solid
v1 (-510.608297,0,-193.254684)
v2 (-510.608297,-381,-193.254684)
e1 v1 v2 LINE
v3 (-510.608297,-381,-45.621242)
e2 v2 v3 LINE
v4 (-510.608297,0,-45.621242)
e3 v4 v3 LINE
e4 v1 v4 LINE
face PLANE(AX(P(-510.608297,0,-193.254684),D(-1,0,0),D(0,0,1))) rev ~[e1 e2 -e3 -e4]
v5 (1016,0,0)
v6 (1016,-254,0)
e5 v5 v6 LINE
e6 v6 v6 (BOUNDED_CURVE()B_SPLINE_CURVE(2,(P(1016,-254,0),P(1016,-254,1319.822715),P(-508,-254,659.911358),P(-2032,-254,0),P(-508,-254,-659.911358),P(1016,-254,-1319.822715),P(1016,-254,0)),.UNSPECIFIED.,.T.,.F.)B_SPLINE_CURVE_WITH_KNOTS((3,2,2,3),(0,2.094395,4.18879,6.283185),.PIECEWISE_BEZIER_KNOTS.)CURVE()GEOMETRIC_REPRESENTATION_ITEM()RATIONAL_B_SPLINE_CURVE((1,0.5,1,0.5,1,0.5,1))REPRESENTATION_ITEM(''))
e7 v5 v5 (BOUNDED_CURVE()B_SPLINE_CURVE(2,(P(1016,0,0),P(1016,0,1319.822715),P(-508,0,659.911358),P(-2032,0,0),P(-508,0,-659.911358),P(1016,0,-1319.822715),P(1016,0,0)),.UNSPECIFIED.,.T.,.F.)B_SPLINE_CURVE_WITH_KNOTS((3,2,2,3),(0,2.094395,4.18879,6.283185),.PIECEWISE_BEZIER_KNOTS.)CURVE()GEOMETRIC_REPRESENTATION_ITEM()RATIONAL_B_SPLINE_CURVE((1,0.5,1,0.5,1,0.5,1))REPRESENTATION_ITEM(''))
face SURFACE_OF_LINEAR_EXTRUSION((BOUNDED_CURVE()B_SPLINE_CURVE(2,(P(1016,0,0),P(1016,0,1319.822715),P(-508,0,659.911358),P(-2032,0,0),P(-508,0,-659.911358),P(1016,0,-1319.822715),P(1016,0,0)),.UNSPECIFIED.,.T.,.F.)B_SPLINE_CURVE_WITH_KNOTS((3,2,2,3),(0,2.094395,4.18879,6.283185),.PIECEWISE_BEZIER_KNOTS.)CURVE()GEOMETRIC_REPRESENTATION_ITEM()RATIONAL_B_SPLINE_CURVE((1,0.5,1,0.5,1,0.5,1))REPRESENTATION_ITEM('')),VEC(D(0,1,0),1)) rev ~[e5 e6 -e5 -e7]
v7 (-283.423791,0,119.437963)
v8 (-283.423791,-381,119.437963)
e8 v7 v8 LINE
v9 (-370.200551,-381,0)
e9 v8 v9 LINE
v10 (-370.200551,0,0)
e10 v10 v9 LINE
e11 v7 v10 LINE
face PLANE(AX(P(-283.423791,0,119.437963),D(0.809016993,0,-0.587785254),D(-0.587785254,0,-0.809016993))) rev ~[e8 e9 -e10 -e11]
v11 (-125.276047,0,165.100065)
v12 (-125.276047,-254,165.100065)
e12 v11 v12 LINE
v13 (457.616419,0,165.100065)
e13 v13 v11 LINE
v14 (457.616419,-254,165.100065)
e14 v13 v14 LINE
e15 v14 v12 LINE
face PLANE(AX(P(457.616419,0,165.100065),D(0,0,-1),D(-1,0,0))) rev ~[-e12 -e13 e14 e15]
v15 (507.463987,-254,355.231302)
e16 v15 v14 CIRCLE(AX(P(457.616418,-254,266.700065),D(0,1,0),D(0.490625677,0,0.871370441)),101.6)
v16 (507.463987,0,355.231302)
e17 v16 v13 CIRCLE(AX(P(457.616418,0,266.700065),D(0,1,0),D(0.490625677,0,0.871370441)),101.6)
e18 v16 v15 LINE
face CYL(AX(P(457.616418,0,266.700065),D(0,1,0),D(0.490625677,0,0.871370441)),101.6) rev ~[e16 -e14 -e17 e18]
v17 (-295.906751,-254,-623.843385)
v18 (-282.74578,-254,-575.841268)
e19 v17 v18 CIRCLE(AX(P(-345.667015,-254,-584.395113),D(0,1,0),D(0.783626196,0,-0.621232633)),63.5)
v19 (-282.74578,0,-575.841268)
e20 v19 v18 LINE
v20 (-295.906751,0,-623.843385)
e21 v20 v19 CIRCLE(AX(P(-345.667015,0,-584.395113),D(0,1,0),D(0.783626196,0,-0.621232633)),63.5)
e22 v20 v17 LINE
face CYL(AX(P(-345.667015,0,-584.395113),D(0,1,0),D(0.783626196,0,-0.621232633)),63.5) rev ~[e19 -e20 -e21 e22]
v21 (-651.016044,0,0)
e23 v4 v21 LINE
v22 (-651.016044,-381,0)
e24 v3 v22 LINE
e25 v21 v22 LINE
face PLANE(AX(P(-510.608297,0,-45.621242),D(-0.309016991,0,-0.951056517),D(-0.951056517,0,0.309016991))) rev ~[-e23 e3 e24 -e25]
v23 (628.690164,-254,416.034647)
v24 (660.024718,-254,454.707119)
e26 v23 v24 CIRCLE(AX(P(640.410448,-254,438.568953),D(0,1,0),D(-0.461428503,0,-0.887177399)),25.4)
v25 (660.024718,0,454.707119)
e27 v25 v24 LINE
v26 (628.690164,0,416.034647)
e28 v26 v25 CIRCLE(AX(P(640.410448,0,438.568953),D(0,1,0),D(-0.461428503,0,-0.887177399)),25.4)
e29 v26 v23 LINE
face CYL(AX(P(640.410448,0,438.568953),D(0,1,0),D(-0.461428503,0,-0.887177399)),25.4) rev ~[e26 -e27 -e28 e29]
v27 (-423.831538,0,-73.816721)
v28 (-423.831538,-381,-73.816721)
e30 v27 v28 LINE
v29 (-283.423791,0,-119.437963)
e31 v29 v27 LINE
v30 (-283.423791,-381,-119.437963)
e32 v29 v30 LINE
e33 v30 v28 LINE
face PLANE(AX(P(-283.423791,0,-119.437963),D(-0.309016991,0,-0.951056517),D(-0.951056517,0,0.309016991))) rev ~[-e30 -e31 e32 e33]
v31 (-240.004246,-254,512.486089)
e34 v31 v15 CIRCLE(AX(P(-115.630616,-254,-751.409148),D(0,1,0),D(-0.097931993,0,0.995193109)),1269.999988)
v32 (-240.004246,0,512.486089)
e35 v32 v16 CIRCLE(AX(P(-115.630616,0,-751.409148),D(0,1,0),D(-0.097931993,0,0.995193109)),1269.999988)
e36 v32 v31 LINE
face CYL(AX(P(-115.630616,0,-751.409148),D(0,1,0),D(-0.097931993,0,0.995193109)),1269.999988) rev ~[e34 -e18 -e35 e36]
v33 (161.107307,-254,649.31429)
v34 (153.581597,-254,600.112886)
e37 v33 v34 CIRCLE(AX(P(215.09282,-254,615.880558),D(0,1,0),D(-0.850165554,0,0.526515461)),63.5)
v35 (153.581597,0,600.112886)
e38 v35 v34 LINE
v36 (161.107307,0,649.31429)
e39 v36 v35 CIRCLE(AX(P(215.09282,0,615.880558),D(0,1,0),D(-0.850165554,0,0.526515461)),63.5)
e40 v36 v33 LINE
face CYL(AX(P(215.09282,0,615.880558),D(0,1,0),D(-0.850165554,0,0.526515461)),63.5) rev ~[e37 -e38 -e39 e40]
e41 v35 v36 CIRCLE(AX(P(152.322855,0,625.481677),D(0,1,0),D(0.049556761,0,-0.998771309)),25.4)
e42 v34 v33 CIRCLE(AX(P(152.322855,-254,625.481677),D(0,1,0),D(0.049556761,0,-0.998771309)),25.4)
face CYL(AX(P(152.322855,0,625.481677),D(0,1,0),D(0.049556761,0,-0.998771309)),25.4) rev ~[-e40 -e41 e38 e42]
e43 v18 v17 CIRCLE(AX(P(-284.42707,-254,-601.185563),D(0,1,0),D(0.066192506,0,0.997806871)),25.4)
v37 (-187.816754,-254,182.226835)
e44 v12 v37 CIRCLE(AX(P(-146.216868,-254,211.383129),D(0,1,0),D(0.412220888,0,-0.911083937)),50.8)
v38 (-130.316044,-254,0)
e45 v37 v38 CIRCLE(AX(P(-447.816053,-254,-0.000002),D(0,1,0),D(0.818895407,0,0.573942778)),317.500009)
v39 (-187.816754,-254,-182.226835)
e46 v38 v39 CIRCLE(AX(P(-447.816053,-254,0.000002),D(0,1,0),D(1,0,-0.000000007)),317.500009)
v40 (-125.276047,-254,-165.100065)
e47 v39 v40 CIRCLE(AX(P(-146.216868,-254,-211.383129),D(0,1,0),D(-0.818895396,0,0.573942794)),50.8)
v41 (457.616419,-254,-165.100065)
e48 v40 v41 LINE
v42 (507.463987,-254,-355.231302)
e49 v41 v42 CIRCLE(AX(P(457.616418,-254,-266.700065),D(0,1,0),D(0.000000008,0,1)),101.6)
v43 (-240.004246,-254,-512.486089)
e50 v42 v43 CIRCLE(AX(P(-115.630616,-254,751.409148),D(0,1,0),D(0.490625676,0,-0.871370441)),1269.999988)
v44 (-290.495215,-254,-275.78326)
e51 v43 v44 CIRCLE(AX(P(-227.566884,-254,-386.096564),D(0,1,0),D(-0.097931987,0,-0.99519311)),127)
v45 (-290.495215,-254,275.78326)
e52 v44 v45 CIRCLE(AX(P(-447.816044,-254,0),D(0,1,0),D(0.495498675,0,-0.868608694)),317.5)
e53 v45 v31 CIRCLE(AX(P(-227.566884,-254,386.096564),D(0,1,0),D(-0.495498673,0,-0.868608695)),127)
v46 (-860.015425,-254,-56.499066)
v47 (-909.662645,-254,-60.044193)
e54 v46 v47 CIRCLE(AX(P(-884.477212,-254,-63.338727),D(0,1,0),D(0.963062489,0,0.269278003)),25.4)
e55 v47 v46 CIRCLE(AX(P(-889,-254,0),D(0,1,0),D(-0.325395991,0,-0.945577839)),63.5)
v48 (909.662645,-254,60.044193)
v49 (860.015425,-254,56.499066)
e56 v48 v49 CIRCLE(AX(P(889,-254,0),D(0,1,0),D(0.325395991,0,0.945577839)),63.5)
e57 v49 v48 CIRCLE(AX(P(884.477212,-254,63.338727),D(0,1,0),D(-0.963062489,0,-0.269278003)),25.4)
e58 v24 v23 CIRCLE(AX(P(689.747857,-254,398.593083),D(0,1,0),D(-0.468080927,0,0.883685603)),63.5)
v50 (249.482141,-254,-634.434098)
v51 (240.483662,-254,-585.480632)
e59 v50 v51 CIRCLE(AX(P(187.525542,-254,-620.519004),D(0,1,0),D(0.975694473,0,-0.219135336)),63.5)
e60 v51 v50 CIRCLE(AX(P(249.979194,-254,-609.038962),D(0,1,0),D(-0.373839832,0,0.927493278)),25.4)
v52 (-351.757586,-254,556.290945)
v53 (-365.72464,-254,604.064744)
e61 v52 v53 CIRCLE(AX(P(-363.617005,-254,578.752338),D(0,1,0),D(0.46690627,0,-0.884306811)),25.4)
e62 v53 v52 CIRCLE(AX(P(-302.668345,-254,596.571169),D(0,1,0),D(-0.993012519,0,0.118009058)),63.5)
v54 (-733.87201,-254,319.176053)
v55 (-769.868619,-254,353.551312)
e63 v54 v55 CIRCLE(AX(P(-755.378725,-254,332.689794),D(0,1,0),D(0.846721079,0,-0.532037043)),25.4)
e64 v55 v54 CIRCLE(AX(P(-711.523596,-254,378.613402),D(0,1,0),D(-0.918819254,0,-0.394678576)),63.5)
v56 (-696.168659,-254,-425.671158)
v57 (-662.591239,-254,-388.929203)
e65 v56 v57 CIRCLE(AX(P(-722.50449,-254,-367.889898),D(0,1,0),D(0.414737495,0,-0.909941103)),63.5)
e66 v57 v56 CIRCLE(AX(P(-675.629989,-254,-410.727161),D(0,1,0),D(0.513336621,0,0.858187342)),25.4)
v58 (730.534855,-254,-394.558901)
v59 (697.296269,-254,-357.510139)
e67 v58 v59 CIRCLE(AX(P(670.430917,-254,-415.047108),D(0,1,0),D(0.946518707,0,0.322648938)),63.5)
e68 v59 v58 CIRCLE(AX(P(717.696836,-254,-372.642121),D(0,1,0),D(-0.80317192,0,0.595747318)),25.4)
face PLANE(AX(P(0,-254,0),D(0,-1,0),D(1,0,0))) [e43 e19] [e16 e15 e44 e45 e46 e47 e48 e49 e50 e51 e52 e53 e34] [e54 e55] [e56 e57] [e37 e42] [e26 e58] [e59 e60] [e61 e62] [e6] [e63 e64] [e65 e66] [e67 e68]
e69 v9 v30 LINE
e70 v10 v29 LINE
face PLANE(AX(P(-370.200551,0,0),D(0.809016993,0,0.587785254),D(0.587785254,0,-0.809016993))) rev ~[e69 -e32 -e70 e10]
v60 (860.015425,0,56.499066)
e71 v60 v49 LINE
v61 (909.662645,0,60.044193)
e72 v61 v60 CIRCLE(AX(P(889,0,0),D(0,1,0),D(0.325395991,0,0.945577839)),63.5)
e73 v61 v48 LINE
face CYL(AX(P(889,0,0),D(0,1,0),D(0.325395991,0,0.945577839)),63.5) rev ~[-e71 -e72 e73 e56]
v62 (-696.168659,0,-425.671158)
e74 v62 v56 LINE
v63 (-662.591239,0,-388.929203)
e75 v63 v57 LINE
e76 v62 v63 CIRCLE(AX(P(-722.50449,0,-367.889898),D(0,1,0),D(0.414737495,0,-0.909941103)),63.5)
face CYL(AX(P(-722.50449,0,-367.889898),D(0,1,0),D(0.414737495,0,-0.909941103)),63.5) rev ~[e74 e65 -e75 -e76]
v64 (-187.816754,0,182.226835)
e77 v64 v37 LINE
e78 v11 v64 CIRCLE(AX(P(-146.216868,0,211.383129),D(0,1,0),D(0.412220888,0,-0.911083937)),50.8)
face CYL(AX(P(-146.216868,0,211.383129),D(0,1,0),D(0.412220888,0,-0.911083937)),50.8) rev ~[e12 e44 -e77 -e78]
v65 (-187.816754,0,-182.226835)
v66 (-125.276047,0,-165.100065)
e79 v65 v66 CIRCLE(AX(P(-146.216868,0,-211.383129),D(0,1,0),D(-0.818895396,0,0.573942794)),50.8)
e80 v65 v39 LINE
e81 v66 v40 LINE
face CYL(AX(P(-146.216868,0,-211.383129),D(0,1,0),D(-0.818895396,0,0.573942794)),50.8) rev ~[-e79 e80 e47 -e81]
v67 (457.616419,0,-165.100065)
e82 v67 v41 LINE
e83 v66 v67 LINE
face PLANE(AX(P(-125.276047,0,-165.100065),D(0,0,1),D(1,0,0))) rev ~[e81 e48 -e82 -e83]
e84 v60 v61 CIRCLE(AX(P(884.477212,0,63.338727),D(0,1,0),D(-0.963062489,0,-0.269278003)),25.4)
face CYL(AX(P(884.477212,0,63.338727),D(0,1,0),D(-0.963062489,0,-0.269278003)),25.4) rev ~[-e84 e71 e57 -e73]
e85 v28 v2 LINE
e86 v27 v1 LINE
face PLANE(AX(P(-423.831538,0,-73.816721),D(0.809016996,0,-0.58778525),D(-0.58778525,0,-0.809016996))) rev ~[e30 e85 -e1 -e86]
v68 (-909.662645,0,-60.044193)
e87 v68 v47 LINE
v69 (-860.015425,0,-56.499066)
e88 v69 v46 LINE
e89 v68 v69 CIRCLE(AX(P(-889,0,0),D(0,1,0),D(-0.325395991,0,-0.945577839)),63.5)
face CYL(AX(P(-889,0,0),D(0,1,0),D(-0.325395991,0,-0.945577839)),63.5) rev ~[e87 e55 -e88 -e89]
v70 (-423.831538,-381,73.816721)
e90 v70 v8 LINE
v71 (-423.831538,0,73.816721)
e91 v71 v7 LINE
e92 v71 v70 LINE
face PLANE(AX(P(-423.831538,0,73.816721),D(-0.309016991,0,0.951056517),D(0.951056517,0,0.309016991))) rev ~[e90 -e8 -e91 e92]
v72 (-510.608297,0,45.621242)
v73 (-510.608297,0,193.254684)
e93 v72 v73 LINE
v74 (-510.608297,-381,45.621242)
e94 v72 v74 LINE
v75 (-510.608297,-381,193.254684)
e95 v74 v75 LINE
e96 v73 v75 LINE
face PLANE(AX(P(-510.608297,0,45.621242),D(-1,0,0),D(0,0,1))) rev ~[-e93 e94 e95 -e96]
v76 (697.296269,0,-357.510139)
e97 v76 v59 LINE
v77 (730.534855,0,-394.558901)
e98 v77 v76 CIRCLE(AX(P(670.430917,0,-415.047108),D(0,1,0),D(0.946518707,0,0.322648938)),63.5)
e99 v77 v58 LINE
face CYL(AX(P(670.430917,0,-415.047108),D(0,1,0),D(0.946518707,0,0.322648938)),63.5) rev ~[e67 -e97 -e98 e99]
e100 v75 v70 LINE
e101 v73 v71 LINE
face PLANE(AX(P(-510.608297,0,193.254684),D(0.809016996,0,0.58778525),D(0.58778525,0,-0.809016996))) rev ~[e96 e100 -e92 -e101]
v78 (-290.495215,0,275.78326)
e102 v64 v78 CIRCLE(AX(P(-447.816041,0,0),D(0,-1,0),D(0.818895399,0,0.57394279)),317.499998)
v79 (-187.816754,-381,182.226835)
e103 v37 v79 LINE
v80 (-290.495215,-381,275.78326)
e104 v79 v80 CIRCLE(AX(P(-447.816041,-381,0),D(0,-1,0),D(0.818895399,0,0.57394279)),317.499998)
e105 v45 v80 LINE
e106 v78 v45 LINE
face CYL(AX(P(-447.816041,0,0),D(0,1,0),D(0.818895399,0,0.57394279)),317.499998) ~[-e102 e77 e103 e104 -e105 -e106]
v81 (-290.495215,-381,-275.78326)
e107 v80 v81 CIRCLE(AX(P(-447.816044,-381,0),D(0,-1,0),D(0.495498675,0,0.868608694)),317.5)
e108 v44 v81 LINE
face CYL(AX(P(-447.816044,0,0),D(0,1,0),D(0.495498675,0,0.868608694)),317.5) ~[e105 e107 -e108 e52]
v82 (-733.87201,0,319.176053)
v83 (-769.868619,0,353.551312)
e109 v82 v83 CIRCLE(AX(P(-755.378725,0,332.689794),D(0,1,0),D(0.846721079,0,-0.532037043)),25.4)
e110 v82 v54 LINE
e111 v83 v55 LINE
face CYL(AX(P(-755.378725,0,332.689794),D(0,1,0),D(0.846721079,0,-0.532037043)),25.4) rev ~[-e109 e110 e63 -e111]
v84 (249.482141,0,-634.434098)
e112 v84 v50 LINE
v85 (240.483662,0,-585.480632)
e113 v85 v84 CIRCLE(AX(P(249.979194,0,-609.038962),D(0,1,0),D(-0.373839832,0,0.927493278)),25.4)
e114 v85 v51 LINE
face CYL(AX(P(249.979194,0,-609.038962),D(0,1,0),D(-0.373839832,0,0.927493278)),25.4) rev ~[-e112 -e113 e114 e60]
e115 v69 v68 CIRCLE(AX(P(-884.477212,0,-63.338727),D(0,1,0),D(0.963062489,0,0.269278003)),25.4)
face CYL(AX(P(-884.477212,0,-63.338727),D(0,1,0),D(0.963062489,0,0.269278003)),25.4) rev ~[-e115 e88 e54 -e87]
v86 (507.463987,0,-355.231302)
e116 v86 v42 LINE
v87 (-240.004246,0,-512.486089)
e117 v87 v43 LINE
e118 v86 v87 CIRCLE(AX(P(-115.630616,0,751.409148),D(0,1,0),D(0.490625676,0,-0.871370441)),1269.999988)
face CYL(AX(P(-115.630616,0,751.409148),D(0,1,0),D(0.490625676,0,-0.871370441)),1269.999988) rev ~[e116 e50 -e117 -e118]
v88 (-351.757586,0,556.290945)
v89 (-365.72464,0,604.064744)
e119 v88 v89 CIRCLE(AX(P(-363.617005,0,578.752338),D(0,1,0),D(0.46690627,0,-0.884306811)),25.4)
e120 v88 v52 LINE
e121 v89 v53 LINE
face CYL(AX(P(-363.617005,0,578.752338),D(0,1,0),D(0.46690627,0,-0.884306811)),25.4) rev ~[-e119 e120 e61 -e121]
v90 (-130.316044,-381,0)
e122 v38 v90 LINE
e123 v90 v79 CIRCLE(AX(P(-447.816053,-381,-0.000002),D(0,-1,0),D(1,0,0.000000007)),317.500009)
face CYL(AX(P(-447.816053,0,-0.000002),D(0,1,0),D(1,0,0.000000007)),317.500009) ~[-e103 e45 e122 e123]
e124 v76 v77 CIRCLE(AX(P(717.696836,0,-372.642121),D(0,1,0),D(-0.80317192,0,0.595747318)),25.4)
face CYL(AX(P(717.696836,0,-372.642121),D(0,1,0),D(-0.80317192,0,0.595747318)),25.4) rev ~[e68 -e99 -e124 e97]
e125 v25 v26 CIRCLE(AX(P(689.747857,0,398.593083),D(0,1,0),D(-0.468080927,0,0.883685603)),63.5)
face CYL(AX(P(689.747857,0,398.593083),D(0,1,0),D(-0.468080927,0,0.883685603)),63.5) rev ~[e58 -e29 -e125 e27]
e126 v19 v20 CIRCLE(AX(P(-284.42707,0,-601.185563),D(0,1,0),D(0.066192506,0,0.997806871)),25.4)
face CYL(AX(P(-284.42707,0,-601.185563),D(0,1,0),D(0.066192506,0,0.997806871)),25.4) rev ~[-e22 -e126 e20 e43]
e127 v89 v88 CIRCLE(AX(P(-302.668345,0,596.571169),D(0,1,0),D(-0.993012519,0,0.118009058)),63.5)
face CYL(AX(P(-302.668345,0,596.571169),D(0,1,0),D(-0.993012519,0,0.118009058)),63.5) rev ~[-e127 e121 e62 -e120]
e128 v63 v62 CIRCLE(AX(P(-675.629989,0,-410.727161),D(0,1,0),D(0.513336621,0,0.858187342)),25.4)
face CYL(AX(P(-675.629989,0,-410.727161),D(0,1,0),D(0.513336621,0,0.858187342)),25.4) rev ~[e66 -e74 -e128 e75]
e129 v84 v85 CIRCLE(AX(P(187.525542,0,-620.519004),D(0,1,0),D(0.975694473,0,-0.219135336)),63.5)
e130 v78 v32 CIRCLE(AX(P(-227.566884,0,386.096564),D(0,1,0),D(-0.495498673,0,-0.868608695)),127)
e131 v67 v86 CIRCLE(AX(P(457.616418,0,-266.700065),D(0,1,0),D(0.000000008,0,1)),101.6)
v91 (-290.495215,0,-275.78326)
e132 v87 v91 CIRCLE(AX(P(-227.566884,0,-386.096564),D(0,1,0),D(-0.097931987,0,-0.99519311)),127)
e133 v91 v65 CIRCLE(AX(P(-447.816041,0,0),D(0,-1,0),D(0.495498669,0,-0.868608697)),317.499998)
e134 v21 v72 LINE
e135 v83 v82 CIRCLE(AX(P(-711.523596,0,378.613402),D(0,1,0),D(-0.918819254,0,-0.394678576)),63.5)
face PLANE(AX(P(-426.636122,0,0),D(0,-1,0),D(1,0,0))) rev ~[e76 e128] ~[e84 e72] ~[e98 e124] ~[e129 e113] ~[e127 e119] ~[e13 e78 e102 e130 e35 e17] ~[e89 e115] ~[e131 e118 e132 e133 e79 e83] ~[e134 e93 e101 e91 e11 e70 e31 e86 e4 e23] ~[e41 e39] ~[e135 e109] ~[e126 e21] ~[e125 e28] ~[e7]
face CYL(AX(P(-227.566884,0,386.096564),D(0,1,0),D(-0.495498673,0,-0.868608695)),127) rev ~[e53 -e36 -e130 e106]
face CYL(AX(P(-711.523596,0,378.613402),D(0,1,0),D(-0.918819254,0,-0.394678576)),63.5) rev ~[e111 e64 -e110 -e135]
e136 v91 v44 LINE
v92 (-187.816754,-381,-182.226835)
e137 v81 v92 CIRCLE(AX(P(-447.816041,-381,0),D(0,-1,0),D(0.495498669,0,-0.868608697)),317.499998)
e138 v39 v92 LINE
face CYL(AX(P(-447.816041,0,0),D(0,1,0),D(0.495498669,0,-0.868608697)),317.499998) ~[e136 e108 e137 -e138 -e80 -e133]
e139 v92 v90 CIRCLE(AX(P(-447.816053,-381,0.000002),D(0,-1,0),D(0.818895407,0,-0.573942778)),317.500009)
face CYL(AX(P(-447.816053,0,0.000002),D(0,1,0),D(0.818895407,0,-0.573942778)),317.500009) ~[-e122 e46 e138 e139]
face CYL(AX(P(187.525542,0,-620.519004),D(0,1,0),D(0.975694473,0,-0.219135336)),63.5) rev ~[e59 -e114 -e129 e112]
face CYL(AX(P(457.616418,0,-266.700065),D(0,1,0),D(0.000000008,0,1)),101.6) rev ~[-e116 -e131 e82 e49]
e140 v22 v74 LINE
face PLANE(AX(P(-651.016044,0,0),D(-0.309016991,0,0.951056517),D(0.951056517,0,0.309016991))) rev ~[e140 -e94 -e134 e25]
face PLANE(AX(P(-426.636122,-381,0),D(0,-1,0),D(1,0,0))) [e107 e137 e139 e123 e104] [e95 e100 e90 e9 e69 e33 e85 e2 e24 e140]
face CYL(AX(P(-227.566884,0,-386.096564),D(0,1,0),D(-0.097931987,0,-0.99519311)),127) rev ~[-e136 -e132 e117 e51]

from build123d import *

# Parameters (mm, degrees)
F1_DEPTH = 254
F2_DEPTH = 381


with BuildPart() as f1:
    # F0 (on Front) → F1 (new body)
    with BuildSketch(Plane.XZ):
        with BuildLine():
            add(Edge.make_bspline(
                [(1016, 0), (1016, 1319.822715), (-508, 659.911358), (-2032, 0), (-508, -659.911358), (1016, -1319.822715), (1016, 0)],
                knots=[0, 0, 0, 2.094395, 2.094395, 4.18879, 4.18879, 6.283185, 6.283185, 6.283185], degree=2, weights=[1, 0.5, 1, 0.5, 1, 0.5, 1]))
        make_face()
        with BuildLine():
            ThreePointArc((-282.74578, -575.841268), (-259.931092, -607.901743), (-295.906751, -623.843385))
            ThreePointArc((-295.906751, -623.843385), (-406.906959, -567.604662), (-282.74578, -575.841268))
        make_face(mode=Mode.SUBTRACT)
        with BuildLine():
            ThreePointArc((-696.168659, -425.671158), (-769.37899, -325.052634), (-662.591239, -388.929203))
            ThreePointArc((-662.591239, -388.929203), (-656.880189, -427.862067), (-696.168659, -425.671158))
        make_face(mode=Mode.SUBTRACT)
        with BuildLine():
            ThreePointArc((-909.662645, -60.044193), (-893.522788, 63.338727), (-860.015425, -56.499066))
            ThreePointArc((-860.015425, -56.499066), (-882.668097, -88.674218), (-909.662645, -60.044193))
        make_face(mode=Mode.SUBTRACT)
        with BuildLine():
            ThreePointArc((249.482141, -634.434098), (125.07189, -631.999046), (240.483662, -585.480632))
            ThreePointArc((240.483662, -585.480632), (274.960655, -604.446945), (249.482141, -634.434098))
        make_face(mode=Mode.SUBTRACT)
        with BuildLine():
            ThreePointArc((730.534855, -394.558901), (623.164999, -457.452096), (697.296269, -357.510139))
            ThreePointArc((697.296269, -357.510139), (736.603203, -355.680126), (730.534855, -394.558901))
        make_face(mode=Mode.SUBTRACT)
        with BuildLine():
            ThreePointArc((-769.868619, 353.551312), (-667.668468, 424.537009), (-733.87201, 319.176053))
            ThreePointArc((-733.87201, 319.176053), (-772.920776, 314.320351), (-769.868619, 353.551312))
        make_face(mode=Mode.SUBTRACT)
        with BuildLine():
            ThreePointArc((-187.816754, 182.226835), (-145.032273, 95.541812), (-130.316044, 0))
            ThreePointArc((-130.316044, 0), (-145.032273, -95.541812), (-187.816754, -182.226835))
            ThreePointArc((-187.816754, -182.226835), (-159.634424, -162.387117), (-125.276047, -165.100065))
            Line((-125.276047, -165.100065), (457.616419, -165.100065))
            ThreePointArc((457.616419, -165.100065), (555.894935, -240.933941), (507.463987, -355.231302))
            ThreePointArc((507.463987, -355.231302), (145.83242, -491.384902), (-240.004246, -512.486089))
            ThreePointArc((-240.004246, -512.486089), (-351.772577, -412.590822), (-290.495215, -275.78326))
            ThreePointArc((-290.495215, -275.78326), (-765.316044, 0), (-290.495215, 275.78326))
            ThreePointArc((-290.495215, 275.78326), (-351.772577, 412.590822), (-240.004246, 512.486089))
            ThreePointArc((-240.004246, 512.486089), (145.83242, 491.384902), (507.463987, 355.231302))
            ThreePointArc((507.463987, 355.231302), (555.894935, 240.933941), (457.616419, 165.100065))
            Line((457.616419, 165.100065), (-125.276047, 165.100065))
            ThreePointArc((-125.276047, 165.100065), (-159.634424, 162.387117), (-187.816754, 182.226835))
        make_face(mode=Mode.SUBTRACT)
        with BuildLine():
            ThreePointArc((-365.72464, 604.064744), (-241.719684, 614.39), (-351.757586, 556.290945))
            ThreePointArc((-351.757586, 556.290945), (-387.99647, 571.624806), (-365.72464, 604.064744))
        make_face(mode=Mode.SUBTRACT)
        with BuildLine():
            ThreePointArc((909.662645, 60.044193), (893.522788, -63.338727), (860.015425, 56.499066))
            ThreePointArc((860.015425, 56.499066), (882.668097, 88.674218), (909.662645, 60.044193))
        make_face(mode=Mode.SUBTRACT)
        with BuildLine():
            ThreePointArc((161.107307, 649.31429), (277.862785, 606.279439), (153.581597, 600.112886))
            ThreePointArc((153.581597, 600.112886), (127.214869, 629.322125), (161.107307, 649.31429))
        make_face(mode=Mode.SUBTRACT)
        with BuildLine():
            ThreePointArc((660.024718, 454.707119), (739.085265, 358.617213), (628.690164, 416.034647))
            ThreePointArc((628.690164, 416.034647), (620.675485, 454.559301), (660.024718, 454.707119))
        make_face(mode=Mode.SUBTRACT)
    extrude(amount=F1_DEPTH)

    # F0 (on Front) → F2 (join)
    with BuildSketch(Plane.XZ):
        with BuildLine():
            ThreePointArc((-187.816754, -182.226835), (-145.032273, -95.541812), (-130.316044, 0))
            ThreePointArc((-130.316044, 0), (-145.032273, 95.541812), (-187.816754, 182.226835))
            ThreePointArc((-187.816754, 182.226835), (-233.976802, 234.689217), (-290.495215, 275.78326))
            ThreePointArc((-290.495215, 275.78326), (-765.316044, 0), (-290.495215, -275.78326))
            ThreePointArc((-290.495215, -275.78326), (-233.976802, -234.689217), (-187.816754, -182.226835))
        make_face()
        Polygon((-510.608297, 45.621242), (-510.608297, 193.254684), (-423.831538, 73.816721), (-283.423791, 119.437963), (-370.200551, 0), (-283.423791, -119.437963), (-423.831538, -73.816721), (-510.608297, -193.254684), (-510.608297, -45.621242), (-651.016044, 0), align=None, mode=Mode.SUBTRACT)
    extrude(amount=F2_DEPTH)


solid = f1.part
